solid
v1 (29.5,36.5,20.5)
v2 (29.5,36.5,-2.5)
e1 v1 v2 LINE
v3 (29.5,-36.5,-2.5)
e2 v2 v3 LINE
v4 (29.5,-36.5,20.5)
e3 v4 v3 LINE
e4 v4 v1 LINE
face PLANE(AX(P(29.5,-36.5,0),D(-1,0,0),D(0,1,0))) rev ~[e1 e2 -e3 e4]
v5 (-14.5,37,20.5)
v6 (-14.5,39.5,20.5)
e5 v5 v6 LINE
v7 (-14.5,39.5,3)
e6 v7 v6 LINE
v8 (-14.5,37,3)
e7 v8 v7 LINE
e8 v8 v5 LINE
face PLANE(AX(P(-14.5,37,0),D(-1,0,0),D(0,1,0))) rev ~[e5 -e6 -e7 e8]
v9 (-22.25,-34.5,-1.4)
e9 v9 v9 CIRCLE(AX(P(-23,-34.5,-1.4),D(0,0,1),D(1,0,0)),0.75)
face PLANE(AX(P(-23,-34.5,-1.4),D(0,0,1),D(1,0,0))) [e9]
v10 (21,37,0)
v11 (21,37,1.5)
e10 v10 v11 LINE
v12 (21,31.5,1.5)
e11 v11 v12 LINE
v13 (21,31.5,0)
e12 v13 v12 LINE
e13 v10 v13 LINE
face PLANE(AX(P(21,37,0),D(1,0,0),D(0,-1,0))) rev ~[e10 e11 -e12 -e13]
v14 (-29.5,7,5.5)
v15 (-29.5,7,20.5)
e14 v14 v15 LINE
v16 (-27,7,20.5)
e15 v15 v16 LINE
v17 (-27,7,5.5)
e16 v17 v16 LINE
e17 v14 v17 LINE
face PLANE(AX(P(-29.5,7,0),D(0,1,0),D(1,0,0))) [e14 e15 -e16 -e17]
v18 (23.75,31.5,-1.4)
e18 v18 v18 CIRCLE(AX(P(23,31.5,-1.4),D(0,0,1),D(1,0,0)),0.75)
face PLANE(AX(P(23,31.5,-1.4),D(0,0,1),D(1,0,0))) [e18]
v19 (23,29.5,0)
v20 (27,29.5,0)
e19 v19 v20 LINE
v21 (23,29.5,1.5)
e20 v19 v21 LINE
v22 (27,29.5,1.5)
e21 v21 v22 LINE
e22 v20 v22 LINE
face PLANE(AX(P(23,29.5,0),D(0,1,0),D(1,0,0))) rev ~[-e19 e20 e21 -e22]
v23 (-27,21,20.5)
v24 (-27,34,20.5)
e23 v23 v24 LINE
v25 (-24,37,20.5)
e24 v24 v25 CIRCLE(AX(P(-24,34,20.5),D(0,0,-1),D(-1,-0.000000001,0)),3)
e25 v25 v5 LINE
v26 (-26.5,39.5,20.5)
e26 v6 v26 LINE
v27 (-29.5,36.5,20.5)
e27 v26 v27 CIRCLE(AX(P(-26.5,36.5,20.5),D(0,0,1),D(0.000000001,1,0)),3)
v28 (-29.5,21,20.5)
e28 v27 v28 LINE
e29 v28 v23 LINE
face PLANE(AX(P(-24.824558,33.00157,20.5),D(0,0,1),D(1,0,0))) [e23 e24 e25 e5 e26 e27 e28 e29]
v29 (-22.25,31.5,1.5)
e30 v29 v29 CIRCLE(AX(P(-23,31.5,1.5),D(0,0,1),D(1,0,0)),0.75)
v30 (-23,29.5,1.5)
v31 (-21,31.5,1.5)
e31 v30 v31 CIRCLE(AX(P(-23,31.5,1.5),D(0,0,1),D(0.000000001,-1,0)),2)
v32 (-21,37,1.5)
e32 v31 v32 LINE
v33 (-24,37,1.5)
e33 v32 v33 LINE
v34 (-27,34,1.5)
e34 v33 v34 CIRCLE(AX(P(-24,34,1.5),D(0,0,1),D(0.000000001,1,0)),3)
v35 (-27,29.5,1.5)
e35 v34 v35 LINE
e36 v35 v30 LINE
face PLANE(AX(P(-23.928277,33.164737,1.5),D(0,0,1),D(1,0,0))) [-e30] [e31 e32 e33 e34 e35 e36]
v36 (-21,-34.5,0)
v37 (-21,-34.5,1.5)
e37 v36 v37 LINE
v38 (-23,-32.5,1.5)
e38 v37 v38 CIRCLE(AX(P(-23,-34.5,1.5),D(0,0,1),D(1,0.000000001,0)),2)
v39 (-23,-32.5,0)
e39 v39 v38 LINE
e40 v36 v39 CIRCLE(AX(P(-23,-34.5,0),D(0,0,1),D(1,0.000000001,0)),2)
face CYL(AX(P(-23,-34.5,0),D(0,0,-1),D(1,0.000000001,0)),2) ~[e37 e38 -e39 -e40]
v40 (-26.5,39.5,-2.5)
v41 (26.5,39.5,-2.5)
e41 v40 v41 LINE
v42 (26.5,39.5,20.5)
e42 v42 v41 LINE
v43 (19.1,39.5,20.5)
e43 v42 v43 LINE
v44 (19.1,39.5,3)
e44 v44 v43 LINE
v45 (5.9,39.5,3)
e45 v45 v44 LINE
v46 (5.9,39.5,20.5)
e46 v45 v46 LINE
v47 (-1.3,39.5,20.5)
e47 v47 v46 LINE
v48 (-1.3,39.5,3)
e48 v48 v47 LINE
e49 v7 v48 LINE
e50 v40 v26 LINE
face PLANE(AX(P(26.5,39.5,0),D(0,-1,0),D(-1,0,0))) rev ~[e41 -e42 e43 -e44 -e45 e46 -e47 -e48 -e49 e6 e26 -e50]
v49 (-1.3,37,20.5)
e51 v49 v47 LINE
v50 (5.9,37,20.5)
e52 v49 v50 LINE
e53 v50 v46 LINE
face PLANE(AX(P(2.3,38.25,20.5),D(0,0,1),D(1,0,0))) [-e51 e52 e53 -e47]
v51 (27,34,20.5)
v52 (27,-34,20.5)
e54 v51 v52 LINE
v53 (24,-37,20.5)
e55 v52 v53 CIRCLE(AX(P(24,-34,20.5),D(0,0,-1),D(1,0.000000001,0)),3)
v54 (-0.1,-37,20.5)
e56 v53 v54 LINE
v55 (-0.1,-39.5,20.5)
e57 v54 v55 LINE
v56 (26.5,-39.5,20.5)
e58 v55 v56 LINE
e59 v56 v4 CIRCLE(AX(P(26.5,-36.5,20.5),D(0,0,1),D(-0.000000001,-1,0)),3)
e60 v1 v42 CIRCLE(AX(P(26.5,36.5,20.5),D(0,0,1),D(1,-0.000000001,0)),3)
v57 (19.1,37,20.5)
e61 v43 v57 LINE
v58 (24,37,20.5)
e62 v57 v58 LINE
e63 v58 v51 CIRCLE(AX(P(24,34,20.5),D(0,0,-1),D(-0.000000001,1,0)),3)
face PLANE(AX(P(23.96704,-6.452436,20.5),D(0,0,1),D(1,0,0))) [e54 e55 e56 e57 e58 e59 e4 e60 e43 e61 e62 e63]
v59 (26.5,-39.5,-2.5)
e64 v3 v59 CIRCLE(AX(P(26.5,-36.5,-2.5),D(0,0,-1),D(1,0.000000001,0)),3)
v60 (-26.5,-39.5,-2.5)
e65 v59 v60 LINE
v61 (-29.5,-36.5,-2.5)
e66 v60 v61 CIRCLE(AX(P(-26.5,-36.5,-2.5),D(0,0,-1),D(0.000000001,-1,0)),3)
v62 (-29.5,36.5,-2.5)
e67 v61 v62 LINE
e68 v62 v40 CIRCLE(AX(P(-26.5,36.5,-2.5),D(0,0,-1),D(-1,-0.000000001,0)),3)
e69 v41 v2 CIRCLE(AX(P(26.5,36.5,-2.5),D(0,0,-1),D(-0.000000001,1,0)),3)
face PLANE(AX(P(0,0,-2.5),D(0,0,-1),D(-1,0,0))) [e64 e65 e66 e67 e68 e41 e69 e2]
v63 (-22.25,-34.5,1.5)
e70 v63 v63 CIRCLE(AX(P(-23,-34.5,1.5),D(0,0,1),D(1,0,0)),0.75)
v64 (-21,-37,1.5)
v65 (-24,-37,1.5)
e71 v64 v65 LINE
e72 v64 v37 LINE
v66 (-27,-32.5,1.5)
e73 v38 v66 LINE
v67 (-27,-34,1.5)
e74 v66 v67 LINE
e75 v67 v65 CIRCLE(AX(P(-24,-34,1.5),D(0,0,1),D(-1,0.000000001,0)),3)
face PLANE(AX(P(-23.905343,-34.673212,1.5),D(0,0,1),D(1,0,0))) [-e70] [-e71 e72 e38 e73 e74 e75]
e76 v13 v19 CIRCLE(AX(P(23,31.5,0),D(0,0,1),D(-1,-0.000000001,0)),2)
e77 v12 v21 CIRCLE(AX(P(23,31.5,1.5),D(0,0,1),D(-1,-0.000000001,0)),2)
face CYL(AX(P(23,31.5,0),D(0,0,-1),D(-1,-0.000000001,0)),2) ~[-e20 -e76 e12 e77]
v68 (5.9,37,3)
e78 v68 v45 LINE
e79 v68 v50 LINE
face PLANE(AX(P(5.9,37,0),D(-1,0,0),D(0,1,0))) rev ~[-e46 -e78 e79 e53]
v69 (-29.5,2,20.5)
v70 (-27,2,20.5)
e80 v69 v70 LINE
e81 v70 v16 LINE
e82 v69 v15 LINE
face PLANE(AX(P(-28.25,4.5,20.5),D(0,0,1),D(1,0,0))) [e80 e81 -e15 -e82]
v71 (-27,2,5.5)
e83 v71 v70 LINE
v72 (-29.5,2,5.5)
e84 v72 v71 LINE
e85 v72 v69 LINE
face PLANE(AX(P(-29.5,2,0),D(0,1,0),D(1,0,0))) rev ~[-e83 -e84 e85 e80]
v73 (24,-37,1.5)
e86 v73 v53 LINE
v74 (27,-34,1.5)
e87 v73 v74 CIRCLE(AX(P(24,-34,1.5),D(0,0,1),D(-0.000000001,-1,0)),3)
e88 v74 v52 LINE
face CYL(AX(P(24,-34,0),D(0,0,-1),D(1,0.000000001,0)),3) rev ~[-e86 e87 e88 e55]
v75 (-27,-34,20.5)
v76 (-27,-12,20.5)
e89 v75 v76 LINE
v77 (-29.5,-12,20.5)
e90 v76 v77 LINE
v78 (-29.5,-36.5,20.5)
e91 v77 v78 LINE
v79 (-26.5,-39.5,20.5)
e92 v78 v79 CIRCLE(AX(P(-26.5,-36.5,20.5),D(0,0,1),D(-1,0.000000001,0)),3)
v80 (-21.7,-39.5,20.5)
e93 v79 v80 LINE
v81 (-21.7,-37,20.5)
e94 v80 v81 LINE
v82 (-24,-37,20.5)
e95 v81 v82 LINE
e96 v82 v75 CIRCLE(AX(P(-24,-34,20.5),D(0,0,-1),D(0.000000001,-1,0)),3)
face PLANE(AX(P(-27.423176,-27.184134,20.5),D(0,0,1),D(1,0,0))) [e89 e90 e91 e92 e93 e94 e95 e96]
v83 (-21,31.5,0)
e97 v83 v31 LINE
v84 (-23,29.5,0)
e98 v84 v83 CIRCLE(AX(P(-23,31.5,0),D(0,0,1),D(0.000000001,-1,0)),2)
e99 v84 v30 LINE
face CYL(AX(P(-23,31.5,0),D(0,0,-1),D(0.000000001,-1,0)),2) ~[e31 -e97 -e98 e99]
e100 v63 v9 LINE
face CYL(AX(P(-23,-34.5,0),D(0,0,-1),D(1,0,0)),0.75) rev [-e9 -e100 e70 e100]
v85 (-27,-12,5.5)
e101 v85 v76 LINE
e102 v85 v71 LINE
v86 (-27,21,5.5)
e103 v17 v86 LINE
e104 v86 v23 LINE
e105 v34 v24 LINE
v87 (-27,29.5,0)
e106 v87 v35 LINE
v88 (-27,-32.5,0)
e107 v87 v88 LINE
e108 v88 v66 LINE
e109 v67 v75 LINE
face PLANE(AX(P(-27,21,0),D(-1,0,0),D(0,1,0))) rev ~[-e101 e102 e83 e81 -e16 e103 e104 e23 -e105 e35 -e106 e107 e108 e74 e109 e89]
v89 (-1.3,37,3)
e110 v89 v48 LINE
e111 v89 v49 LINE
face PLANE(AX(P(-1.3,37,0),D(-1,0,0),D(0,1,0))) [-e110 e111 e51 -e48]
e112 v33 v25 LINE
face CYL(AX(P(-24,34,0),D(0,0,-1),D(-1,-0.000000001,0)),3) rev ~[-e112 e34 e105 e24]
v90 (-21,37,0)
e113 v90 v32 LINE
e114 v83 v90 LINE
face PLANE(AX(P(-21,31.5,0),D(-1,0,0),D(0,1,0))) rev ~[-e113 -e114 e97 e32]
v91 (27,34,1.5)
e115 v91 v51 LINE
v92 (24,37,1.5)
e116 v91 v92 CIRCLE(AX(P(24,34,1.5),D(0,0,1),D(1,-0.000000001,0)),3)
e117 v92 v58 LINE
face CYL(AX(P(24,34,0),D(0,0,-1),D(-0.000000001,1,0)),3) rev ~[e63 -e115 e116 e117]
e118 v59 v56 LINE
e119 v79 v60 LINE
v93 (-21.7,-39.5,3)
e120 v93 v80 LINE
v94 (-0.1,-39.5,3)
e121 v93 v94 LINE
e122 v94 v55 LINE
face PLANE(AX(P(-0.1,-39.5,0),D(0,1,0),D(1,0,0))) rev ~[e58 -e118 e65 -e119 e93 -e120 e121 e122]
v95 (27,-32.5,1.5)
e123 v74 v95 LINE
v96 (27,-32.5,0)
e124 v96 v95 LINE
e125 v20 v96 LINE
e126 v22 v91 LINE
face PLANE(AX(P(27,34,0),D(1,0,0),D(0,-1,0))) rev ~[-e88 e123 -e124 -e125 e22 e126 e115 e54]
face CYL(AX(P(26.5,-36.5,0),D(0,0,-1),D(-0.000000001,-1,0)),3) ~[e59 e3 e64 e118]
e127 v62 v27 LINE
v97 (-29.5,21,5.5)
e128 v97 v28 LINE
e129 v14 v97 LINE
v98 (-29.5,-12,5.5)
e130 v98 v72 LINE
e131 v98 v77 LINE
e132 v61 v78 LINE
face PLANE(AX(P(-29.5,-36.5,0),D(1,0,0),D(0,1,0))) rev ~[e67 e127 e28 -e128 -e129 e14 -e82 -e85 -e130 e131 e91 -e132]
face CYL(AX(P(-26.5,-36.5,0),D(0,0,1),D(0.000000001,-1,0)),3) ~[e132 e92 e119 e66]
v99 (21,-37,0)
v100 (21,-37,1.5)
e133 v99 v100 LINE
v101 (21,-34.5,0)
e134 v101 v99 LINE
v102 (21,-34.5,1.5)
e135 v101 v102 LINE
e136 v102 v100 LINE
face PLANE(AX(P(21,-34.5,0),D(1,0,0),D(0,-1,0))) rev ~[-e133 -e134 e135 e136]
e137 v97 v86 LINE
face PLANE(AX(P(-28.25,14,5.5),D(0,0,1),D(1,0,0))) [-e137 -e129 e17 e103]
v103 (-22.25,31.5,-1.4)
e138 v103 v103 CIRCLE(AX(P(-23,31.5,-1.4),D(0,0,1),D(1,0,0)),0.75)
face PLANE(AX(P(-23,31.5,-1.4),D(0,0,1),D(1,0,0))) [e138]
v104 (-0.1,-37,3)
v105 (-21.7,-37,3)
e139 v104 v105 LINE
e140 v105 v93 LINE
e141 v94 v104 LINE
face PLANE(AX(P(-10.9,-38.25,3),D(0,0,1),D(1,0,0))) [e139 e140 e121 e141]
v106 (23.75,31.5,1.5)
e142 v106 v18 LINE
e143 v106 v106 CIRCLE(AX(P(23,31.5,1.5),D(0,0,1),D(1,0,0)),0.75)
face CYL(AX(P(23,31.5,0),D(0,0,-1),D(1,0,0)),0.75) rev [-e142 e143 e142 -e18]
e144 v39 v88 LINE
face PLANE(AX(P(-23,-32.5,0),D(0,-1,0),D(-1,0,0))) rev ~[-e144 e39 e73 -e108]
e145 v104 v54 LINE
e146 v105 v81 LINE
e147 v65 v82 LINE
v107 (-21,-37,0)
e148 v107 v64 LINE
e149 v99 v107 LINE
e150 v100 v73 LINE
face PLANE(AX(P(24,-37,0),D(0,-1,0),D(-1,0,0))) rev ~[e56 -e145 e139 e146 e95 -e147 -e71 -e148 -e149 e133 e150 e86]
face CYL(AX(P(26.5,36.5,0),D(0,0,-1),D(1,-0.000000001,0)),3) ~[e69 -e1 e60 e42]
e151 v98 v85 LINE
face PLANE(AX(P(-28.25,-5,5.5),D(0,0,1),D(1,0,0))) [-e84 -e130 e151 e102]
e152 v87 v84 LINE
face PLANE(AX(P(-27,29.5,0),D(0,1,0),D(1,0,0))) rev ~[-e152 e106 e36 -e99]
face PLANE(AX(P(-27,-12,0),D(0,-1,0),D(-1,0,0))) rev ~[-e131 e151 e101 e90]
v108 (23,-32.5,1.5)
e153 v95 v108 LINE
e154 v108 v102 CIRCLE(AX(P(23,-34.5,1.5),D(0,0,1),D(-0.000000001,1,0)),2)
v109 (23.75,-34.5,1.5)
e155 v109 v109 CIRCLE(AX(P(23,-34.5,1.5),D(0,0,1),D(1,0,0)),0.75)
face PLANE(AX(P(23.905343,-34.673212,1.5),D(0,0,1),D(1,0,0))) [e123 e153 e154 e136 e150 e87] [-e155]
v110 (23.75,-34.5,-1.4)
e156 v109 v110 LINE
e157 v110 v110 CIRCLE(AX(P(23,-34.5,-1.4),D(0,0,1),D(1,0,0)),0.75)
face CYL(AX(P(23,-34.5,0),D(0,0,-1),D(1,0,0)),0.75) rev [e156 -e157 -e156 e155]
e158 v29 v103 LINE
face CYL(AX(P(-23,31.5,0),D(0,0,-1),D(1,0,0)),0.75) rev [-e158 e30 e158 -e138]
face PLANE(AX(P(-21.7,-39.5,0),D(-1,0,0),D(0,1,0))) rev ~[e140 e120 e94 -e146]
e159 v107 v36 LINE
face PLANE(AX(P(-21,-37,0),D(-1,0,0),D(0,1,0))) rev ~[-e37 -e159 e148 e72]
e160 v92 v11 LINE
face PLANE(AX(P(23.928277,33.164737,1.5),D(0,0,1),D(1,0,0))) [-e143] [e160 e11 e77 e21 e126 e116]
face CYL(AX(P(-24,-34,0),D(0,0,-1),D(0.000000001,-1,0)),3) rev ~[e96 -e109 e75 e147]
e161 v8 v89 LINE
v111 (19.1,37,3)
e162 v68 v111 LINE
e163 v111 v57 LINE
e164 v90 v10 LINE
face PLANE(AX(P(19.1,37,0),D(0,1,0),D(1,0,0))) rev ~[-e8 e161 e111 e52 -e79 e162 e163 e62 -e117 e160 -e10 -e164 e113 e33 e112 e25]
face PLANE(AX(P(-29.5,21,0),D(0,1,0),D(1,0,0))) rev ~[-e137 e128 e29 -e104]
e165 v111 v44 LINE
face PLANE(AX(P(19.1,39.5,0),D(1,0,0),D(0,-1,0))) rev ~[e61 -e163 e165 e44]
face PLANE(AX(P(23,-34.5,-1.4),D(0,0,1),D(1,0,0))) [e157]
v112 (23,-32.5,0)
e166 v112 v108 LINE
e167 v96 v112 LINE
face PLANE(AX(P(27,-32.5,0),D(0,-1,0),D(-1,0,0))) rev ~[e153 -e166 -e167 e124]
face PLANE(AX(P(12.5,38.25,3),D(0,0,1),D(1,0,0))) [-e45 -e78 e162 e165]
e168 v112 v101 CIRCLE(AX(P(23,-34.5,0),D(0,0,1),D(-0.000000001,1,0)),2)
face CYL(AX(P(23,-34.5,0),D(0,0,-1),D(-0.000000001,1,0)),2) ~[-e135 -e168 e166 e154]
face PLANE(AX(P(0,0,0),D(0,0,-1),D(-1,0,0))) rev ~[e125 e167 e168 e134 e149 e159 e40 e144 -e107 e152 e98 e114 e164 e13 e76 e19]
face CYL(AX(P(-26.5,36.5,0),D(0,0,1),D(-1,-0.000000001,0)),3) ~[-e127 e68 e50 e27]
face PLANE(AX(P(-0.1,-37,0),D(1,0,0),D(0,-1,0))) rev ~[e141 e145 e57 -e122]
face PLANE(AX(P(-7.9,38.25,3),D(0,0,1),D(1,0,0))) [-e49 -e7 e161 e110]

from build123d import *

# Parameters (mm, degrees)
EXTRUDE_1_DEPTH     = 2.5
SKETCH_1_5_R        = 0.75
EXTRUDE_3_DEPTH     = 1.5
SKETCH_1_6_W        = 13.2
SKETCH_1_6_H        = 2.5
SKETCH_1_6_W_2      = 21.6
EXTRUDE_4_DEPTH     = 3
SKETCH_1_7_W        = 2.5
SKETCH_1_7_H        = 14
EXTRUDE_5_DEPTH     = 5.5
SKETCH_1_8_W        = 7.2
SKETCH_1_8_H        = 2.5
SKETCH_1_8_W_2      = 2.5
SKETCH_1_8_H_2      = 5
EXTRUDE_6_DEPTH     = 20.5
CUT_EXTRUDE_START   = -1.4
SKETCH_1_9_R        = 0.75
CUT_EXTRUDE_1_DEPTH = 1.4


with BuildPart() as part:
    # 草图1 → 凸台-拉伸1 (new body)
    with BuildSketch(Plane.XY):
        with BuildLine():
            Line((-26.5, 39.5), (26.5, 39.5))
            ThreePointArc((26.5, 39.5), (28.621320344, 38.621320344), (29.5, 36.5))
            Line((29.5, 36.5), (29.5, -36.5))
            ThreePointArc((29.5, -36.5), (28.621320344, -38.621320344), (26.5, -39.5))
            Line((26.5, -39.5), (-26.5, -39.5))
            ThreePointArc((-26.5, -39.5), (-28.621320344, -38.621320344), (-29.5, -36.5))
            Line((-29.5, -36.5), (-29.5, 36.5))
            ThreePointArc((-29.5, 36.5), (-28.621320344, 38.621320344), (-26.5, 39.5))
        make_face()
    extrude(amount=-EXTRUDE_1_DEPTH)

    # 草图1<5> → 凸台-拉伸3 (add)
    # profile 1 of 4: a face of its own
    with BuildSketch(Plane.XY):
        with BuildLine():
            Line((-21, 31.5), (-21, 37))
            Line((-21, 37), (-24, 37))
            ThreePointArc((-24, 37), (-26.121320344, 36.121320344), (-27, 34))
            Line((-27, 34), (-27, 29.5))
            Line((-27, 29.5), (-23, 29.5))
            ThreePointArc((-23, 29.5), (-21.585786438, 30.085786438), (-21, 31.5))
        make_face()
        with Locations((-23, 31.5)):
            Circle(SKETCH_1_5_R, mode=Mode.SUBTRACT)
    # profile 2 of 4: a face of its own
    with BuildSketch(Plane.XY):
        with BuildLine():
            Line((24, 37), (21, 37))
            Line((21, 37), (21, 31.5))
            ThreePointArc((21, 31.5), (21.585786438, 30.085786438), (23, 29.5))
            Line((23, 29.5), (27, 29.5))
            Line((27, 29.5), (27, 34))
            ThreePointArc((27, 34), (26.121320344, 36.121320344), (24, 37))
        make_face()
        with Locations((23, 31.5)):
            Circle(SKETCH_1_5_R, mode=Mode.SUBTRACT)
    # profile 3 of 4: a face of its own
    with BuildSketch(Plane.XY):
        with BuildLine():
            Line((-23, -32.5), (-27, -32.5))
            Line((-27, -32.5), (-27, -34))
            ThreePointArc((-27, -34), (-26.121320344, -36.121320344), (-24, -37))
            Line((-24, -37), (-21, -37))
            Line((-21, -37), (-21, -34.5))
            ThreePointArc((-21, -34.5), (-21.585786438, -33.085786438), (-23, -32.5))
        make_face()
        with Locations((-23, -34.5)):
            Circle(SKETCH_1_5_R, mode=Mode.SUBTRACT)
    # profile 4 of 4: a face of its own
    with BuildSketch(Plane.XY):
        with BuildLine():
            Line((27, -34), (27, -32.5))
            Line((27, -32.5), (23, -32.5))
            ThreePointArc((23, -32.5), (21.585786438, -33.085786438), (21, -34.5))
            Line((21, -34.5), (21, -37))
            Line((21, -37), (24, -37))
            ThreePointArc((24, -37), (26.121320344, -36.121320344), (27, -34))
        make_face()
        with Locations((23, -34.5)):
            Circle(SKETCH_1_5_R, mode=Mode.SUBTRACT)
    extrude(amount=EXTRUDE_3_DEPTH)

    # 草图1<6> → 凸台-拉伸4 (add)
    with BuildSketch(Plane.XY):
        with Locations((-7.9, 38.25)):
            Rectangle(SKETCH_1_6_W, SKETCH_1_6_H)
        with Locations((12.5, 38.25)):
            Rectangle(SKETCH_1_6_W, SKETCH_1_6_H)
        with Locations((-10.9, -38.25)):
            Rectangle(SKETCH_1_6_W_2, SKETCH_1_6_H)
    extrude(amount=EXTRUDE_4_DEPTH)

    # 草图1<7> → 凸台-拉伸5 (add)
    with BuildSketch(Plane.XY):
        with Locations((-28.25, 14)):
            Rectangle(SKETCH_1_7_W, SKETCH_1_7_H)
        with Locations((-28.25, -5)):
            Rectangle(SKETCH_1_7_W, SKETCH_1_7_H)
    extrude(amount=EXTRUDE_5_DEPTH)

    # 草图1<8> → 凸台-拉伸6 (add)
    with BuildSketch(Plane.XY):
        with BuildLine():
            Line((-14.5, 39.5), (-26.5, 39.5))
            ThreePointArc((-26.5, 39.5), (-28.621320344, 38.621320344), (-29.5, 36.5))
            Line((-29.5, 36.5), (-29.5, 21))
            Line((-29.5, 21), (-27, 21))
            Line((-27, 21), (-27, 34))
            ThreePointArc((-27, 34), (-26.121320344, 36.121320344), (-24, 37))
            Line((-24, 37), (-14.5, 37))
            Line((-14.5, 37), (-14.5, 39.5))
        make_face()
        with Locations((2.3, 38.25)):
            Rectangle(SKETCH_1_8_W, SKETCH_1_8_H)
        with Locations((-28.25, 4.5)):
            Rectangle(SKETCH_1_8_W_2, SKETCH_1_8_H_2)
        with BuildLine():
            Line((26.5, 39.5), (19.1, 39.5))
            Line((19.1, 39.5), (19.1, 37))
            Line((19.1, 37), (24, 37))
            ThreePointArc((24, 37), (26.121320344, 36.121320344), (27, 34))
            Line((27, 34), (27, -34))
            ThreePointArc((27, -34), (26.121320344, -36.121320344), (24, -37))
            Line((24, -37), (-0.1, -37))
            Line((-0.1, -37), (-0.1, -39.5))
            Line((-0.1, -39.5), (26.5, -39.5))
            ThreePointArc((26.5, -39.5), (28.621320344, -38.621320344), (29.5, -36.5))
            Line((29.5, -36.5), (29.5, 36.5))
            ThreePointArc((29.5, 36.5), (28.621320344, 38.621320344), (26.5, 39.5))
        make_face()
        with BuildLine():
            Line((-27, -12), (-29.5, -12))
            Line((-29.5, -12), (-29.5, -36.5))
            ThreePointArc((-29.5, -36.5), (-28.621320344, -38.621320344), (-26.5, -39.5))
            Line((-26.5, -39.5), (-21.7, -39.5))
            Line((-21.7, -39.5), (-21.7, -37))
            Line((-21.7, -37), (-24, -37))
            ThreePointArc((-24, -37), (-26.121320344, -36.121320344), (-27, -34))
            Line((-27, -34), (-27, -12))
        make_face()
    extrude(amount=EXTRUDE_6_DEPTH)

    # 草图1<9> → 切除-拉伸1 (cut)
    with BuildSketch(Plane.XY.offset(CUT_EXTRUDE_START)):
        with Locations((-23, 31.5)):
            Circle(SKETCH_1_9_R)
        with Locations((23, 31.5)):
            Circle(SKETCH_1_9_R)
        with Locations((23, -34.5)):
            Circle(SKETCH_1_9_R)
        with Locations((-23, -34.5)):
            Circle(SKETCH_1_9_R)
    extrude(amount=CUT_EXTRUDE_1_DEPTH, mode=Mode.SUBTRACT)


solid = part.part
